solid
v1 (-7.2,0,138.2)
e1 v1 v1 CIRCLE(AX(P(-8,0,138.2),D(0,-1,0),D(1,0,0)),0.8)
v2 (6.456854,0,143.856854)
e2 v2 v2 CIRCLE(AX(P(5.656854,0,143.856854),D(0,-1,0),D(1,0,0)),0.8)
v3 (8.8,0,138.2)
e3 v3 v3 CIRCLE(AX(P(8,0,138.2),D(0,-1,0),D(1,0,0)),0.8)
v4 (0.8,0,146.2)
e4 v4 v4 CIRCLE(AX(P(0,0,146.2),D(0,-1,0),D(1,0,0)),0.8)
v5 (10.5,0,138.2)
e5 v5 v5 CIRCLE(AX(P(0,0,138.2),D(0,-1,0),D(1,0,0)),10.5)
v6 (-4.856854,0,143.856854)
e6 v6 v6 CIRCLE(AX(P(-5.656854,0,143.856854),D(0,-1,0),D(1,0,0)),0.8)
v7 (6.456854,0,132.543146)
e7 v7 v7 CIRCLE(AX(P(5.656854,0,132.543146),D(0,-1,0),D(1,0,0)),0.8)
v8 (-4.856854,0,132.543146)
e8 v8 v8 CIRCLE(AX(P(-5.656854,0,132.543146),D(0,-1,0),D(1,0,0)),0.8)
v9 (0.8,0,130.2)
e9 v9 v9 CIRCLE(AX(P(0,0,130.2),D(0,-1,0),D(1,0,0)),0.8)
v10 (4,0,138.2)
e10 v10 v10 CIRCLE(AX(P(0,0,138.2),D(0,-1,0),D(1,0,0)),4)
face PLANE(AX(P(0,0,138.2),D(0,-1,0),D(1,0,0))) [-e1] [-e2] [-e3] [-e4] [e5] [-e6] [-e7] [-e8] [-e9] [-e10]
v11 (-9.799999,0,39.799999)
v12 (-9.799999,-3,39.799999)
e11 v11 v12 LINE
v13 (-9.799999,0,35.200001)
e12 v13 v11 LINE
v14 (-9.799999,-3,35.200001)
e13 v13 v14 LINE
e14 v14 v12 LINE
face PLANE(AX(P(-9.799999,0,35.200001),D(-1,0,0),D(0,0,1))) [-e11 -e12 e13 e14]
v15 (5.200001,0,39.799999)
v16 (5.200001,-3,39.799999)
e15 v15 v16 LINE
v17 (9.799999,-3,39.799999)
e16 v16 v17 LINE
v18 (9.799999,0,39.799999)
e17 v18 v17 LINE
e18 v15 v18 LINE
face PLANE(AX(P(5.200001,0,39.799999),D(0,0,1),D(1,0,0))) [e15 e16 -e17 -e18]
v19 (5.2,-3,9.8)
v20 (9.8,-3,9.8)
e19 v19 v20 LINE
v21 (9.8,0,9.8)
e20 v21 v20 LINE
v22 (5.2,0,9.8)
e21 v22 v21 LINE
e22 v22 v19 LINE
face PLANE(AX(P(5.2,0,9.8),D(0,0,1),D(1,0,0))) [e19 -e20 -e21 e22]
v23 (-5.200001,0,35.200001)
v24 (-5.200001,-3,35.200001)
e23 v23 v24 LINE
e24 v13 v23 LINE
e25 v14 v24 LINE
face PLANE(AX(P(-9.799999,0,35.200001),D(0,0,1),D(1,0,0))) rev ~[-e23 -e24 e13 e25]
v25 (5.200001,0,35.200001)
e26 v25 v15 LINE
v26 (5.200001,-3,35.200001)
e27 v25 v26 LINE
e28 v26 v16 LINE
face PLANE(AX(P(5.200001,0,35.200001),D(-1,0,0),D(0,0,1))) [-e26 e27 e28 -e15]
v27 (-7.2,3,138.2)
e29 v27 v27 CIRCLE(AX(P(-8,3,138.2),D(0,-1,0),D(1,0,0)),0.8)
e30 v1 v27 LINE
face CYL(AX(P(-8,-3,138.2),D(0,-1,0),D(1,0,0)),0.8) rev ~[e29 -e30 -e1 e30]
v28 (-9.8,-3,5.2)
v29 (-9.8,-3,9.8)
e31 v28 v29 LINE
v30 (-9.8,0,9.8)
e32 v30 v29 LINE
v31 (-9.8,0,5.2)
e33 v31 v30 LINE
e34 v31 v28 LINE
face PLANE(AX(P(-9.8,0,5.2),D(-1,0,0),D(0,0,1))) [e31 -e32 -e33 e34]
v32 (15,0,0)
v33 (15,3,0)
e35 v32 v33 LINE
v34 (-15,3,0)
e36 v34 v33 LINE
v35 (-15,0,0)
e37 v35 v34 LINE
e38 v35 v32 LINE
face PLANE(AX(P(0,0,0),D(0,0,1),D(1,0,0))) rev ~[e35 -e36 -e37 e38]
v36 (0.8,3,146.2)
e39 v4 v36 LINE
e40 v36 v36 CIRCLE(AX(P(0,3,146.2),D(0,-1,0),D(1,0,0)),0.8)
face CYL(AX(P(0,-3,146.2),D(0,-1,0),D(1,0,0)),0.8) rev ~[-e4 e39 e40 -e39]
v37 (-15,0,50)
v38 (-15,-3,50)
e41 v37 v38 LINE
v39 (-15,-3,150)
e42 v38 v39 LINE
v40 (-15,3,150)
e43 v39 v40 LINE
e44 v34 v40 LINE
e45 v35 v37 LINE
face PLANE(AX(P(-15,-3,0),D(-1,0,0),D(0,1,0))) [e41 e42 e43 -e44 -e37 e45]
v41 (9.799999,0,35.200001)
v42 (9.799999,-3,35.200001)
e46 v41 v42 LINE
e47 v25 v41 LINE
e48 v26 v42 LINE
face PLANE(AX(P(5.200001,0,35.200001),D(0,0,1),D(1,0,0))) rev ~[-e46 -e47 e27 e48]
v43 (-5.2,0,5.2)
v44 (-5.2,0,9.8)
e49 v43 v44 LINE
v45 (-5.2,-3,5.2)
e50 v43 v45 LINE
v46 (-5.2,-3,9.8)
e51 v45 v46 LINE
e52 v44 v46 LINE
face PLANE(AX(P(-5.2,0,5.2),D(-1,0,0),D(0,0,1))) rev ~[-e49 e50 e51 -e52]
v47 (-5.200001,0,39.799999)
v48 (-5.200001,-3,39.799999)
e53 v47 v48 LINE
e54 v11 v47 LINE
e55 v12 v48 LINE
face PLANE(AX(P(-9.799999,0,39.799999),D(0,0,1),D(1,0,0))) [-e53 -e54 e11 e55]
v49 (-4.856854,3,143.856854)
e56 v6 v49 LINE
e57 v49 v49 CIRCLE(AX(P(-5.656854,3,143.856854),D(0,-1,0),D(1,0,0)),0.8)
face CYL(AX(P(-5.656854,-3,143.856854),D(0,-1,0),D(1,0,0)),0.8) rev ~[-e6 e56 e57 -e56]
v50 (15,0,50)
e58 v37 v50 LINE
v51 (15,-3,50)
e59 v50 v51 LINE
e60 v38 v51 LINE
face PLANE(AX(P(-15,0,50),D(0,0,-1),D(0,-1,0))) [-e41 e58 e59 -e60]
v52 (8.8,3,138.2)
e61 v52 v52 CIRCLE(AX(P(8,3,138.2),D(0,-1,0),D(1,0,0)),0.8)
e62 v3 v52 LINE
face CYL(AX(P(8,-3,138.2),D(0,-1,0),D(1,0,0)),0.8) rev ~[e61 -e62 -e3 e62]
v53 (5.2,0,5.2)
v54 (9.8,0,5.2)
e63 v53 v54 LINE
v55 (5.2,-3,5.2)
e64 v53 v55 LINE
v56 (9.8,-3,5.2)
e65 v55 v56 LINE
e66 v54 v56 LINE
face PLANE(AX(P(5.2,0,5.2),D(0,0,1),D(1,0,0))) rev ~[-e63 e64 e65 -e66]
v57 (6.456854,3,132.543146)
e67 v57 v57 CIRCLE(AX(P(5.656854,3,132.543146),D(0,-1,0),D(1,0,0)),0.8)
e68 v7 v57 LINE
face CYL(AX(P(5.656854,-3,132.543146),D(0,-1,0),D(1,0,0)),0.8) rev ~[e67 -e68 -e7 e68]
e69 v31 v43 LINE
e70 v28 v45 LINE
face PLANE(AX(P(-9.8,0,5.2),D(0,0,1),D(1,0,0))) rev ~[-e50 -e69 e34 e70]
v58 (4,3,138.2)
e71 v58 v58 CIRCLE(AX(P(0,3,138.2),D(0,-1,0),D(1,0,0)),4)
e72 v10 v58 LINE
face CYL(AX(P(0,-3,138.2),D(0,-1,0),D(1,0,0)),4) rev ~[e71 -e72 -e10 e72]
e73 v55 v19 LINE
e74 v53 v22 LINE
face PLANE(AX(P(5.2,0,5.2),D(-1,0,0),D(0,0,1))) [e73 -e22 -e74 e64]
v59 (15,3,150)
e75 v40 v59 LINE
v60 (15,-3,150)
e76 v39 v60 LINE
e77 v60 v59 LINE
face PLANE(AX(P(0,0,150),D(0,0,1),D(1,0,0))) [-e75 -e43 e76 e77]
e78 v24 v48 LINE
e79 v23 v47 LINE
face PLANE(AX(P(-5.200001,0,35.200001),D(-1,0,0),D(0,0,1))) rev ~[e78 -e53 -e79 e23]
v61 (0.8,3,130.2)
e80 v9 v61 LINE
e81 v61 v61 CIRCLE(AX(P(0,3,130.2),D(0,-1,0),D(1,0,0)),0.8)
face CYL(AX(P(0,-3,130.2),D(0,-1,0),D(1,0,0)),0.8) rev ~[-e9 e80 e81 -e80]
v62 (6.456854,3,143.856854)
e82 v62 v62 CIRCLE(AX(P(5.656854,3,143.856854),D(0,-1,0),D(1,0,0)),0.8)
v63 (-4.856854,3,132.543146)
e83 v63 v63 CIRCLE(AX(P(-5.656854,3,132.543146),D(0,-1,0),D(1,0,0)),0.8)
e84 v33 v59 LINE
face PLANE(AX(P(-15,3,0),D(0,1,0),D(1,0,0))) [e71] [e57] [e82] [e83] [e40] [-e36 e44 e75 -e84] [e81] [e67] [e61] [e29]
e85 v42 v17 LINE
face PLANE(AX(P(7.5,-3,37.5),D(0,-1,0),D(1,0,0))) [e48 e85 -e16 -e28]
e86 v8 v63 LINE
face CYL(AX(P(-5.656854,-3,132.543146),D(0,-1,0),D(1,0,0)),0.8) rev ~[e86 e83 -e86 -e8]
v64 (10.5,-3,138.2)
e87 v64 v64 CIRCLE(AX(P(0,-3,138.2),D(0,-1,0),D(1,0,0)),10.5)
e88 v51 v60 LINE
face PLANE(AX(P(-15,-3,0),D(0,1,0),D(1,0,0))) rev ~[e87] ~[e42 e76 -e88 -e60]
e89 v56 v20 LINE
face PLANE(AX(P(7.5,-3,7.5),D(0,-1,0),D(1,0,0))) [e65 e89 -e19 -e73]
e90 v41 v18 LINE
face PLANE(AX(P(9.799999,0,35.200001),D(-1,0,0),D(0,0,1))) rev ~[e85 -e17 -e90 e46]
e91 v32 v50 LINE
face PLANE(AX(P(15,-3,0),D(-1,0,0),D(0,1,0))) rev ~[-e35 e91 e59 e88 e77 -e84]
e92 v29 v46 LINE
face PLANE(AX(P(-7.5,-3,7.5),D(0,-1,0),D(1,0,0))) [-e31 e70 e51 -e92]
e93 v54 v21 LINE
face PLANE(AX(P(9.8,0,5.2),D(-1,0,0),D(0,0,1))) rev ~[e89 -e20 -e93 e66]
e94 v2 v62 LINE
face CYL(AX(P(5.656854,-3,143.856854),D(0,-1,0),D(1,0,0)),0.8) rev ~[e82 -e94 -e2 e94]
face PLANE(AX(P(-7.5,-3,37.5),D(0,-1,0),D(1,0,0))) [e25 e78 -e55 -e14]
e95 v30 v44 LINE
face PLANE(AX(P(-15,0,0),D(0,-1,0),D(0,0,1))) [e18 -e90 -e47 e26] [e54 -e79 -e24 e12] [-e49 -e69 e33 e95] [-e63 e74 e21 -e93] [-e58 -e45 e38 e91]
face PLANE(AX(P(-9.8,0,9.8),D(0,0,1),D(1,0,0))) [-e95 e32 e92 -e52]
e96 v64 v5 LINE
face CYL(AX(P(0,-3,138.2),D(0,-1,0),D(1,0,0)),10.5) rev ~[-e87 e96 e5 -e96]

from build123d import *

# Parameters (mm, degrees)
F0_W     = 30
F0_H     = 6
F1_DEPTH = 150
F2_R     = 0.8
F2_R_2   = 4
F3_DEPTH = 6
F4_W     = 3
F4_H     = 50
F5_DEPTH = 30
F6_W     = 4.599998
F6_H     = 4.599998
F6_W_2   = 4.6
F6_H_2   = 4.6
F7_DEPTH = 3
F8_R     = 10.5
F9_DEPTH = 3


with BuildPart() as f1:
    # F0 (on Top) → F1 (new body)
    with BuildSketch(Plane.XY):
        Rectangle(F0_W, F0_H)
    extrude(amount=F1_DEPTH)

    # F2 (on face) → F3 (cut, through all)
    with BuildSketch(Plane.XZ.offset(3)):
        with Locations((0, 146.2)):
            Circle(F2_R)
        with Locations((0, 138.2)):
            Circle(F2_R_2)
        with Locations((-5.656854, 143.856854)):
            Circle(F2_R)
        with Locations((-8, 138.2)):
            Circle(F2_R)
        with Locations((-5.656854, 132.543146)):
            Circle(F2_R)
        with Locations((0, 130.2)):
            Circle(F2_R)
        with Locations((5.656854, 132.543146)):
            Circle(F2_R)
        with Locations((8, 138.2)):
            Circle(F2_R)
        with Locations((5.656854, 143.856854)):
            Circle(F2_R)
    extrude(amount=-F3_DEPTH, mode=Mode.SUBTRACT)

    # F4 (on face) → F5 (cut, through all)
    with BuildSketch(Plane(origin=(-15, 0, 0), x_dir=(0, -1, 0), z_dir=(-1, 0, 0))):
        with Locations((1.5, 25)):
            Rectangle(F4_W, F4_H)
    extrude(amount=-F5_DEPTH, mode=Mode.SUBTRACT)

    # F6 (on face) → F7 (join)
    with BuildSketch(Plane.XZ):
        with Locations((7.5, 37.5)):
            Rectangle(F6_W, F6_H)
        with Locations((-7.5, 37.5)):
            Rectangle(F6_W, F6_H)
        with Locations((-7.5, 7.5)):
            Rectangle(F6_W_2, F6_H_2)
        with Locations((7.5, 7.5)):
            Rectangle(F6_W_2, F6_H_2)
    extrude(amount=F7_DEPTH)

    # F8 (on face) → F9 (cut)
    with BuildSketch(Plane.XZ.offset(3)):
        with Locations((0, 138.2)):
            Circle(F8_R)
    extrude(amount=-F9_DEPTH, mode=Mode.SUBTRACT)


solid = f1.part
